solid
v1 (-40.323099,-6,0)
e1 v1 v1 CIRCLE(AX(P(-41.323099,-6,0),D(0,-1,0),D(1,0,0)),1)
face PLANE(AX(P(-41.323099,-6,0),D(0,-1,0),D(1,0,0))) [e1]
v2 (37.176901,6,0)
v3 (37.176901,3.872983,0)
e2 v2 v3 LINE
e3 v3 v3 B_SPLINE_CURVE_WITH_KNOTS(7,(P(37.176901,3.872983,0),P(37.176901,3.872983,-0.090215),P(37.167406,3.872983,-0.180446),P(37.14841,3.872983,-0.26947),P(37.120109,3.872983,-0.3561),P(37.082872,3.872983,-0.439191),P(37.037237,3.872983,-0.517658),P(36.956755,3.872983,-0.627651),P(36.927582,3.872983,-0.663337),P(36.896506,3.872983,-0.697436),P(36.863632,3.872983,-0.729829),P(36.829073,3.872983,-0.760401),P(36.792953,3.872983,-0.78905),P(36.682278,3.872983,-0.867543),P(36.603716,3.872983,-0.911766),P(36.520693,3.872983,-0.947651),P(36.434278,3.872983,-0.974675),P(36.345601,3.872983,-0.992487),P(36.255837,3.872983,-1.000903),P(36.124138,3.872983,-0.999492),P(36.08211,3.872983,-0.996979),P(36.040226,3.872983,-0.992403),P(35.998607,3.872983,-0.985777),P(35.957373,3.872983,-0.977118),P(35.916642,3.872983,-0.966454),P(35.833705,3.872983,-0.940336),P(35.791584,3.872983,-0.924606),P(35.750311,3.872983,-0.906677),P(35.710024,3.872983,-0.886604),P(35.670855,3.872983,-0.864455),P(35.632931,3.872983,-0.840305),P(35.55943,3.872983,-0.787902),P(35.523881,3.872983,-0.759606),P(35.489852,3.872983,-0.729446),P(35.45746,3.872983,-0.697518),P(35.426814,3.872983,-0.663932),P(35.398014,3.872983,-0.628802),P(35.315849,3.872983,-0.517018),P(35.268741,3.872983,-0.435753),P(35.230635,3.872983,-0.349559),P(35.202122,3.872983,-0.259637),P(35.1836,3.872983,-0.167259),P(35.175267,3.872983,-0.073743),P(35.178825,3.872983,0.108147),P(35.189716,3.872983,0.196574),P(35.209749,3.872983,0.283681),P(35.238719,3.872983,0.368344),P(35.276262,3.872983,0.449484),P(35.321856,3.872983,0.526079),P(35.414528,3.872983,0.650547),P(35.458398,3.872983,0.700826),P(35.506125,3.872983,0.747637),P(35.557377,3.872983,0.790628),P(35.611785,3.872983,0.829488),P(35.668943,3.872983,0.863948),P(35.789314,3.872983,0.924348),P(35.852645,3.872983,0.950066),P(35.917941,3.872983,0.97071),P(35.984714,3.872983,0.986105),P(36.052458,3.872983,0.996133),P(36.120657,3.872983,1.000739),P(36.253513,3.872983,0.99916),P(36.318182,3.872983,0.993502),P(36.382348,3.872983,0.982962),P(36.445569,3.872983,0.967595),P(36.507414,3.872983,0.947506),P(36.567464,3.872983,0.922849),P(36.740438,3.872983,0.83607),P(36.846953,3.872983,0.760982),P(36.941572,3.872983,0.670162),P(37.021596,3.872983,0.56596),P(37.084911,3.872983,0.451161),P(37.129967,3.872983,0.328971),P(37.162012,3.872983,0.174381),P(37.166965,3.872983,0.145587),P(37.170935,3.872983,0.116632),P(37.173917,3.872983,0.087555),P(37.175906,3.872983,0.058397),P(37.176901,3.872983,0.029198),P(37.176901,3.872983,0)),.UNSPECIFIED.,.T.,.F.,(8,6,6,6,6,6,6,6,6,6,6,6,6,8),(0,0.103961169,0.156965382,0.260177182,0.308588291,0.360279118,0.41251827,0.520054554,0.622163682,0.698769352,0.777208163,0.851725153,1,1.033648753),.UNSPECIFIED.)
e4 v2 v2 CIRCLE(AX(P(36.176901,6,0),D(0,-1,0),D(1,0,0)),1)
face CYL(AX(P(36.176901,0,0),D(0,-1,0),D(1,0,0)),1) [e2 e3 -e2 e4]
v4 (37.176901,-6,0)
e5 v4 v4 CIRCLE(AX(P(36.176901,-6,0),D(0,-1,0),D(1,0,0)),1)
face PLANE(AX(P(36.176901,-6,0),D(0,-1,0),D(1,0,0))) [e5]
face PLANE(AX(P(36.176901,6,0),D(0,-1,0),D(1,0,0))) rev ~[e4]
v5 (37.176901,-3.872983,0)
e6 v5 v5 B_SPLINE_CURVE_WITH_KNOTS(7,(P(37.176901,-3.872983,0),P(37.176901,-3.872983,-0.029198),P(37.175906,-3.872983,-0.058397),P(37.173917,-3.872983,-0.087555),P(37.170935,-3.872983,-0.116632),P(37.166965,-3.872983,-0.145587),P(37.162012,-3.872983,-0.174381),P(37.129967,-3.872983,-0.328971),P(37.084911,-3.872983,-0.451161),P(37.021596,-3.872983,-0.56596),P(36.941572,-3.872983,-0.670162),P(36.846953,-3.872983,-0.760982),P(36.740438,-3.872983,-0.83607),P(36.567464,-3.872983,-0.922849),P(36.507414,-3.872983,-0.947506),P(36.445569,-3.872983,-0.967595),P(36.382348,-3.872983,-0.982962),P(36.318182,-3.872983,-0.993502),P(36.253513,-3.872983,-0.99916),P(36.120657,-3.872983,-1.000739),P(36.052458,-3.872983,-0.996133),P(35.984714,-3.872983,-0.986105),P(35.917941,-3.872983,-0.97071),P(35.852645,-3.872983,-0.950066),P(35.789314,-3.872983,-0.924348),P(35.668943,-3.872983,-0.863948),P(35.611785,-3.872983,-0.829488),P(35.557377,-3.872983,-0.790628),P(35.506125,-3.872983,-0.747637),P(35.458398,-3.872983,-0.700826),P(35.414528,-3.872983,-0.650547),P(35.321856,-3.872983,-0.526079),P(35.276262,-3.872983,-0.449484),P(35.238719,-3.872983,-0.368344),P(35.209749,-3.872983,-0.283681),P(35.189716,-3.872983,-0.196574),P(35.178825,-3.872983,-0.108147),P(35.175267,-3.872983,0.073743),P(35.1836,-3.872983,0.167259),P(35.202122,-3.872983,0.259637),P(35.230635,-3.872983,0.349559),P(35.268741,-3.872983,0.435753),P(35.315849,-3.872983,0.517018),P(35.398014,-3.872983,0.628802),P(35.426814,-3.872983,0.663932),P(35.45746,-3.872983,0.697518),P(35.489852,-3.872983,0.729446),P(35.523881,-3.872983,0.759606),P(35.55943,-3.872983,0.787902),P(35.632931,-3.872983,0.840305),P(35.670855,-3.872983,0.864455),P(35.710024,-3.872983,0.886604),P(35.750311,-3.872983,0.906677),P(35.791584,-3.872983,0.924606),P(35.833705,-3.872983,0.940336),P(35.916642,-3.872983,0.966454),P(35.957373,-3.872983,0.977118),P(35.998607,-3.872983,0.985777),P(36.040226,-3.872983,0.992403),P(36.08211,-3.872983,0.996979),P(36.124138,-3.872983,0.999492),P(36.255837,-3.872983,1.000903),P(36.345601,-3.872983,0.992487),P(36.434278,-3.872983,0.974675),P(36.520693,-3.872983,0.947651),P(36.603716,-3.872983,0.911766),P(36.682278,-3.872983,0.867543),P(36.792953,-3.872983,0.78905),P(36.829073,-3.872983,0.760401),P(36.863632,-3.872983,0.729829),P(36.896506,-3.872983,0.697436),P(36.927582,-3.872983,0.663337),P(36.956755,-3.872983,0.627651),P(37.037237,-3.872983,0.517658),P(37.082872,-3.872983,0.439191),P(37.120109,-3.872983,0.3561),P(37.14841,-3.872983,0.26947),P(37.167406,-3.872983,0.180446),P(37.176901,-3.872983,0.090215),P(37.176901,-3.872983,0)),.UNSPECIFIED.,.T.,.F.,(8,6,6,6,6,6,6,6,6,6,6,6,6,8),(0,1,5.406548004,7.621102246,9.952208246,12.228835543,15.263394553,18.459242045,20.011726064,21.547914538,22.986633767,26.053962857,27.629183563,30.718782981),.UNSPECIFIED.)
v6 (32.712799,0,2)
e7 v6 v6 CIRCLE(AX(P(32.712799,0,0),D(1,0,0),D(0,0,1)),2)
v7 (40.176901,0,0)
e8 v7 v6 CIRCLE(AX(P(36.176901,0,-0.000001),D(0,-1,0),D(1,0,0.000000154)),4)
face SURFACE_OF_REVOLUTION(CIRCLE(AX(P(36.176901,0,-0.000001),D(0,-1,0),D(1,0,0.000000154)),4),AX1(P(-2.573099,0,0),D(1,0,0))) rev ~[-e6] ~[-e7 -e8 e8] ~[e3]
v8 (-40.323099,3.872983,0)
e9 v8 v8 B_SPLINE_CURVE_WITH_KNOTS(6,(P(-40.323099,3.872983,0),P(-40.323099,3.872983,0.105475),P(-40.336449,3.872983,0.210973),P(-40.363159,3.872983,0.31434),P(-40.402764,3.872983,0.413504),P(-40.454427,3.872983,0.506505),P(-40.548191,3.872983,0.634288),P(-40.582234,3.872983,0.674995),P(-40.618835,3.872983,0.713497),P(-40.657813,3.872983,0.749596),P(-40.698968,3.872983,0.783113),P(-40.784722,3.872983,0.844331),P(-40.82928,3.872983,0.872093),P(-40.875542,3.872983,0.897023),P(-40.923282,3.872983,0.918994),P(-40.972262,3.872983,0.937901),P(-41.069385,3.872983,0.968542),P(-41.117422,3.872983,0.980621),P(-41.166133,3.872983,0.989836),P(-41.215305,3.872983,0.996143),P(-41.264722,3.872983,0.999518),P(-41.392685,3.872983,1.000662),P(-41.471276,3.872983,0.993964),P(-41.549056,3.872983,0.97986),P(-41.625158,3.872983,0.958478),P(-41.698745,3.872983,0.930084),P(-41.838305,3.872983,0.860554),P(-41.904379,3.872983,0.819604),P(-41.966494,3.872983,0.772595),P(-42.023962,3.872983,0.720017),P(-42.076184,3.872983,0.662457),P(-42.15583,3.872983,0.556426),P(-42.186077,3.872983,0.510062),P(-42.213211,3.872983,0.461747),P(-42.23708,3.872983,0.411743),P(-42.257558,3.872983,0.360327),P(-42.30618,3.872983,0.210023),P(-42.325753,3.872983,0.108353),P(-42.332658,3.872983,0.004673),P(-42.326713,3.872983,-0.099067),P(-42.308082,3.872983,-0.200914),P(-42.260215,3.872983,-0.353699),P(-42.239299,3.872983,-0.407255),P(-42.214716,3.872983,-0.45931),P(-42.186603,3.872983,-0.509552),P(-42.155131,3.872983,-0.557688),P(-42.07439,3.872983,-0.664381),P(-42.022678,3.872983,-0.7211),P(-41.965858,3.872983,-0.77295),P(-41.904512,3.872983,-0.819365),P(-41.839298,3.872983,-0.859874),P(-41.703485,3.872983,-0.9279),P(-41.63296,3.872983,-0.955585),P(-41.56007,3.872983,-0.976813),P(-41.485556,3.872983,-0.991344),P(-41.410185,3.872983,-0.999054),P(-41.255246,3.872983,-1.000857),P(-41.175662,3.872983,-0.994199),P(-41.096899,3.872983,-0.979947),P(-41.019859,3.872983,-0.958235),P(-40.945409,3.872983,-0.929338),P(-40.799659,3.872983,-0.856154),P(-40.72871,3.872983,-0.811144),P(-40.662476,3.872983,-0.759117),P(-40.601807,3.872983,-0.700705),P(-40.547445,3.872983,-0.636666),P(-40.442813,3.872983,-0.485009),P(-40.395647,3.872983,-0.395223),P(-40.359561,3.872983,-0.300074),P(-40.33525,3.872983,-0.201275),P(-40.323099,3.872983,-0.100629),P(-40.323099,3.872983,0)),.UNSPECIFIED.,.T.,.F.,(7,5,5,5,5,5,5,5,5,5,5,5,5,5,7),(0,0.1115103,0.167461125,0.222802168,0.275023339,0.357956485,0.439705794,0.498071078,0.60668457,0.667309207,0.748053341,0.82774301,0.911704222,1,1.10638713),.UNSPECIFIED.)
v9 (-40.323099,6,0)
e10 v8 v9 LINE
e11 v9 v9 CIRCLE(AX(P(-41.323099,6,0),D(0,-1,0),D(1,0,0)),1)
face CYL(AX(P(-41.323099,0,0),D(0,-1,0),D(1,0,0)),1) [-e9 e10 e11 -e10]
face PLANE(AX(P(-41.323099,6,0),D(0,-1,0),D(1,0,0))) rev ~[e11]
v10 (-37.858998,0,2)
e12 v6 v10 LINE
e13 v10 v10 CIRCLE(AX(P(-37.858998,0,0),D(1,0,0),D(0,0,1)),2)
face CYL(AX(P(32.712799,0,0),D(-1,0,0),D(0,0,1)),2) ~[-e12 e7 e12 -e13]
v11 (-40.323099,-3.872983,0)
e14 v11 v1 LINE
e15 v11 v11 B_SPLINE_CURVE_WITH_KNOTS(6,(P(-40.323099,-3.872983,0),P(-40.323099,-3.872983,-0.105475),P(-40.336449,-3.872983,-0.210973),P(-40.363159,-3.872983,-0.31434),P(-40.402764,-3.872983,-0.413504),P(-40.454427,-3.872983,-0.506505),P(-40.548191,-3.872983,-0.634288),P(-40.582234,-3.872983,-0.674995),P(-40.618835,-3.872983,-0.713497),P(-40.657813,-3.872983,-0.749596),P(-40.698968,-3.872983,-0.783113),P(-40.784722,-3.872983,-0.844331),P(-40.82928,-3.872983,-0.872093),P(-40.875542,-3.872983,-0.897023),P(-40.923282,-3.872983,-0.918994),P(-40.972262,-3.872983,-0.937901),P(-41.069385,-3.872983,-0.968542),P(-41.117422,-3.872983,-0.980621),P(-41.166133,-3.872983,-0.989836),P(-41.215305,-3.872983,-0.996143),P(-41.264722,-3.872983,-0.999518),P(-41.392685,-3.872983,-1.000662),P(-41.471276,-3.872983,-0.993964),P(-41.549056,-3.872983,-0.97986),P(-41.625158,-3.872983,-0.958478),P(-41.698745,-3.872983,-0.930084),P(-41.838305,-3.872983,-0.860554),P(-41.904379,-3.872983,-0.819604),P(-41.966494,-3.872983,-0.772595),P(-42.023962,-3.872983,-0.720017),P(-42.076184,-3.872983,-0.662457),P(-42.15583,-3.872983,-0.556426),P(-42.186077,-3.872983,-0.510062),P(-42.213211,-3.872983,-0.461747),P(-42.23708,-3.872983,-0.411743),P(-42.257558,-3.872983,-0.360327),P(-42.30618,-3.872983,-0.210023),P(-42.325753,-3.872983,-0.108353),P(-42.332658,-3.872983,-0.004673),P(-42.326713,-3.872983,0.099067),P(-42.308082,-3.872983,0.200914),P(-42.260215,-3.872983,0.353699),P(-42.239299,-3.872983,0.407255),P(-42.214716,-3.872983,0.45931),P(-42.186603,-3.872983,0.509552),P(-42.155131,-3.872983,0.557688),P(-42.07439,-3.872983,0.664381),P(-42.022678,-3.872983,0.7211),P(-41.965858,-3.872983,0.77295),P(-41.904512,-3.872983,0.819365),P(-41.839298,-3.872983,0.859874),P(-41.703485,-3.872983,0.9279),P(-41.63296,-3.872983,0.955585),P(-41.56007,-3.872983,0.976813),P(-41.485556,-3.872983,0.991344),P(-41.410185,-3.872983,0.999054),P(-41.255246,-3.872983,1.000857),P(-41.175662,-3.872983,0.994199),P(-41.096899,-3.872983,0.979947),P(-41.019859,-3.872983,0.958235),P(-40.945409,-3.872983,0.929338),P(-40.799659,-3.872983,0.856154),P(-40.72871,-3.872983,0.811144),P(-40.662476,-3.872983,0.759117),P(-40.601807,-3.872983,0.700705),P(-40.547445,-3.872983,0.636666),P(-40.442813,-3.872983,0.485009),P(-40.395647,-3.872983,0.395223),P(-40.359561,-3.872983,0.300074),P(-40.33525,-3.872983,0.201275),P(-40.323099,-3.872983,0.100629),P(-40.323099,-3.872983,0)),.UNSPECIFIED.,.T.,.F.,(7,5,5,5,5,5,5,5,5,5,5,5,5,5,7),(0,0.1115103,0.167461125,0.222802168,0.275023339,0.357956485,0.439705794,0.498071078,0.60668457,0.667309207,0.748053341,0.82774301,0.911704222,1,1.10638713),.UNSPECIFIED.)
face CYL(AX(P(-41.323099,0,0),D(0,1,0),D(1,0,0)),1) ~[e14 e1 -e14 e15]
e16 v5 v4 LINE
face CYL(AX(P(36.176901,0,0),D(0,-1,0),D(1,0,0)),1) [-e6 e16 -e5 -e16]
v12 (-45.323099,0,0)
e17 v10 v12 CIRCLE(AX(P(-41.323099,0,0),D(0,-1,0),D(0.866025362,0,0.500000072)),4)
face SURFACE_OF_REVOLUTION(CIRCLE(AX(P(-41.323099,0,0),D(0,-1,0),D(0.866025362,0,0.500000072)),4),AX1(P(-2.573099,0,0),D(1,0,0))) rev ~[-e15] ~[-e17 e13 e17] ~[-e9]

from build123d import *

# Parameters (mm, degrees)
F2_R     = 1
F3_DEPTH = 6


with BuildPart() as f1:
    # F0 (on Front) → F1 (revolve)
    with BuildSketch(Plane.XZ):
        with BuildLine():
            Line((32.712799, 2), (-37.858998, 2))
            ThreePointArc((-37.858998, 2), (-42.358375, 3.863703), (-45.323099, 0))
            Line((-45.323099, 0), (40.176901, 0))
            ThreePointArc((40.176901, 0), (37.212177, 3.863703), (32.712799, 2))
        make_face()
    revolve(axis=Axis((-2.573099, 0, 0), (1, 0, 0)))

    # F2 (on Front) → F3 (join, symmetric)
    with BuildSketch(Plane.XZ):
        with Locations((-41.323099, 0)):
            Circle(F2_R)
        with Locations((36.176901, 0)):
            Circle(F2_R)
    extrude(amount=F3_DEPTH, both=True)


solid = f1.part
